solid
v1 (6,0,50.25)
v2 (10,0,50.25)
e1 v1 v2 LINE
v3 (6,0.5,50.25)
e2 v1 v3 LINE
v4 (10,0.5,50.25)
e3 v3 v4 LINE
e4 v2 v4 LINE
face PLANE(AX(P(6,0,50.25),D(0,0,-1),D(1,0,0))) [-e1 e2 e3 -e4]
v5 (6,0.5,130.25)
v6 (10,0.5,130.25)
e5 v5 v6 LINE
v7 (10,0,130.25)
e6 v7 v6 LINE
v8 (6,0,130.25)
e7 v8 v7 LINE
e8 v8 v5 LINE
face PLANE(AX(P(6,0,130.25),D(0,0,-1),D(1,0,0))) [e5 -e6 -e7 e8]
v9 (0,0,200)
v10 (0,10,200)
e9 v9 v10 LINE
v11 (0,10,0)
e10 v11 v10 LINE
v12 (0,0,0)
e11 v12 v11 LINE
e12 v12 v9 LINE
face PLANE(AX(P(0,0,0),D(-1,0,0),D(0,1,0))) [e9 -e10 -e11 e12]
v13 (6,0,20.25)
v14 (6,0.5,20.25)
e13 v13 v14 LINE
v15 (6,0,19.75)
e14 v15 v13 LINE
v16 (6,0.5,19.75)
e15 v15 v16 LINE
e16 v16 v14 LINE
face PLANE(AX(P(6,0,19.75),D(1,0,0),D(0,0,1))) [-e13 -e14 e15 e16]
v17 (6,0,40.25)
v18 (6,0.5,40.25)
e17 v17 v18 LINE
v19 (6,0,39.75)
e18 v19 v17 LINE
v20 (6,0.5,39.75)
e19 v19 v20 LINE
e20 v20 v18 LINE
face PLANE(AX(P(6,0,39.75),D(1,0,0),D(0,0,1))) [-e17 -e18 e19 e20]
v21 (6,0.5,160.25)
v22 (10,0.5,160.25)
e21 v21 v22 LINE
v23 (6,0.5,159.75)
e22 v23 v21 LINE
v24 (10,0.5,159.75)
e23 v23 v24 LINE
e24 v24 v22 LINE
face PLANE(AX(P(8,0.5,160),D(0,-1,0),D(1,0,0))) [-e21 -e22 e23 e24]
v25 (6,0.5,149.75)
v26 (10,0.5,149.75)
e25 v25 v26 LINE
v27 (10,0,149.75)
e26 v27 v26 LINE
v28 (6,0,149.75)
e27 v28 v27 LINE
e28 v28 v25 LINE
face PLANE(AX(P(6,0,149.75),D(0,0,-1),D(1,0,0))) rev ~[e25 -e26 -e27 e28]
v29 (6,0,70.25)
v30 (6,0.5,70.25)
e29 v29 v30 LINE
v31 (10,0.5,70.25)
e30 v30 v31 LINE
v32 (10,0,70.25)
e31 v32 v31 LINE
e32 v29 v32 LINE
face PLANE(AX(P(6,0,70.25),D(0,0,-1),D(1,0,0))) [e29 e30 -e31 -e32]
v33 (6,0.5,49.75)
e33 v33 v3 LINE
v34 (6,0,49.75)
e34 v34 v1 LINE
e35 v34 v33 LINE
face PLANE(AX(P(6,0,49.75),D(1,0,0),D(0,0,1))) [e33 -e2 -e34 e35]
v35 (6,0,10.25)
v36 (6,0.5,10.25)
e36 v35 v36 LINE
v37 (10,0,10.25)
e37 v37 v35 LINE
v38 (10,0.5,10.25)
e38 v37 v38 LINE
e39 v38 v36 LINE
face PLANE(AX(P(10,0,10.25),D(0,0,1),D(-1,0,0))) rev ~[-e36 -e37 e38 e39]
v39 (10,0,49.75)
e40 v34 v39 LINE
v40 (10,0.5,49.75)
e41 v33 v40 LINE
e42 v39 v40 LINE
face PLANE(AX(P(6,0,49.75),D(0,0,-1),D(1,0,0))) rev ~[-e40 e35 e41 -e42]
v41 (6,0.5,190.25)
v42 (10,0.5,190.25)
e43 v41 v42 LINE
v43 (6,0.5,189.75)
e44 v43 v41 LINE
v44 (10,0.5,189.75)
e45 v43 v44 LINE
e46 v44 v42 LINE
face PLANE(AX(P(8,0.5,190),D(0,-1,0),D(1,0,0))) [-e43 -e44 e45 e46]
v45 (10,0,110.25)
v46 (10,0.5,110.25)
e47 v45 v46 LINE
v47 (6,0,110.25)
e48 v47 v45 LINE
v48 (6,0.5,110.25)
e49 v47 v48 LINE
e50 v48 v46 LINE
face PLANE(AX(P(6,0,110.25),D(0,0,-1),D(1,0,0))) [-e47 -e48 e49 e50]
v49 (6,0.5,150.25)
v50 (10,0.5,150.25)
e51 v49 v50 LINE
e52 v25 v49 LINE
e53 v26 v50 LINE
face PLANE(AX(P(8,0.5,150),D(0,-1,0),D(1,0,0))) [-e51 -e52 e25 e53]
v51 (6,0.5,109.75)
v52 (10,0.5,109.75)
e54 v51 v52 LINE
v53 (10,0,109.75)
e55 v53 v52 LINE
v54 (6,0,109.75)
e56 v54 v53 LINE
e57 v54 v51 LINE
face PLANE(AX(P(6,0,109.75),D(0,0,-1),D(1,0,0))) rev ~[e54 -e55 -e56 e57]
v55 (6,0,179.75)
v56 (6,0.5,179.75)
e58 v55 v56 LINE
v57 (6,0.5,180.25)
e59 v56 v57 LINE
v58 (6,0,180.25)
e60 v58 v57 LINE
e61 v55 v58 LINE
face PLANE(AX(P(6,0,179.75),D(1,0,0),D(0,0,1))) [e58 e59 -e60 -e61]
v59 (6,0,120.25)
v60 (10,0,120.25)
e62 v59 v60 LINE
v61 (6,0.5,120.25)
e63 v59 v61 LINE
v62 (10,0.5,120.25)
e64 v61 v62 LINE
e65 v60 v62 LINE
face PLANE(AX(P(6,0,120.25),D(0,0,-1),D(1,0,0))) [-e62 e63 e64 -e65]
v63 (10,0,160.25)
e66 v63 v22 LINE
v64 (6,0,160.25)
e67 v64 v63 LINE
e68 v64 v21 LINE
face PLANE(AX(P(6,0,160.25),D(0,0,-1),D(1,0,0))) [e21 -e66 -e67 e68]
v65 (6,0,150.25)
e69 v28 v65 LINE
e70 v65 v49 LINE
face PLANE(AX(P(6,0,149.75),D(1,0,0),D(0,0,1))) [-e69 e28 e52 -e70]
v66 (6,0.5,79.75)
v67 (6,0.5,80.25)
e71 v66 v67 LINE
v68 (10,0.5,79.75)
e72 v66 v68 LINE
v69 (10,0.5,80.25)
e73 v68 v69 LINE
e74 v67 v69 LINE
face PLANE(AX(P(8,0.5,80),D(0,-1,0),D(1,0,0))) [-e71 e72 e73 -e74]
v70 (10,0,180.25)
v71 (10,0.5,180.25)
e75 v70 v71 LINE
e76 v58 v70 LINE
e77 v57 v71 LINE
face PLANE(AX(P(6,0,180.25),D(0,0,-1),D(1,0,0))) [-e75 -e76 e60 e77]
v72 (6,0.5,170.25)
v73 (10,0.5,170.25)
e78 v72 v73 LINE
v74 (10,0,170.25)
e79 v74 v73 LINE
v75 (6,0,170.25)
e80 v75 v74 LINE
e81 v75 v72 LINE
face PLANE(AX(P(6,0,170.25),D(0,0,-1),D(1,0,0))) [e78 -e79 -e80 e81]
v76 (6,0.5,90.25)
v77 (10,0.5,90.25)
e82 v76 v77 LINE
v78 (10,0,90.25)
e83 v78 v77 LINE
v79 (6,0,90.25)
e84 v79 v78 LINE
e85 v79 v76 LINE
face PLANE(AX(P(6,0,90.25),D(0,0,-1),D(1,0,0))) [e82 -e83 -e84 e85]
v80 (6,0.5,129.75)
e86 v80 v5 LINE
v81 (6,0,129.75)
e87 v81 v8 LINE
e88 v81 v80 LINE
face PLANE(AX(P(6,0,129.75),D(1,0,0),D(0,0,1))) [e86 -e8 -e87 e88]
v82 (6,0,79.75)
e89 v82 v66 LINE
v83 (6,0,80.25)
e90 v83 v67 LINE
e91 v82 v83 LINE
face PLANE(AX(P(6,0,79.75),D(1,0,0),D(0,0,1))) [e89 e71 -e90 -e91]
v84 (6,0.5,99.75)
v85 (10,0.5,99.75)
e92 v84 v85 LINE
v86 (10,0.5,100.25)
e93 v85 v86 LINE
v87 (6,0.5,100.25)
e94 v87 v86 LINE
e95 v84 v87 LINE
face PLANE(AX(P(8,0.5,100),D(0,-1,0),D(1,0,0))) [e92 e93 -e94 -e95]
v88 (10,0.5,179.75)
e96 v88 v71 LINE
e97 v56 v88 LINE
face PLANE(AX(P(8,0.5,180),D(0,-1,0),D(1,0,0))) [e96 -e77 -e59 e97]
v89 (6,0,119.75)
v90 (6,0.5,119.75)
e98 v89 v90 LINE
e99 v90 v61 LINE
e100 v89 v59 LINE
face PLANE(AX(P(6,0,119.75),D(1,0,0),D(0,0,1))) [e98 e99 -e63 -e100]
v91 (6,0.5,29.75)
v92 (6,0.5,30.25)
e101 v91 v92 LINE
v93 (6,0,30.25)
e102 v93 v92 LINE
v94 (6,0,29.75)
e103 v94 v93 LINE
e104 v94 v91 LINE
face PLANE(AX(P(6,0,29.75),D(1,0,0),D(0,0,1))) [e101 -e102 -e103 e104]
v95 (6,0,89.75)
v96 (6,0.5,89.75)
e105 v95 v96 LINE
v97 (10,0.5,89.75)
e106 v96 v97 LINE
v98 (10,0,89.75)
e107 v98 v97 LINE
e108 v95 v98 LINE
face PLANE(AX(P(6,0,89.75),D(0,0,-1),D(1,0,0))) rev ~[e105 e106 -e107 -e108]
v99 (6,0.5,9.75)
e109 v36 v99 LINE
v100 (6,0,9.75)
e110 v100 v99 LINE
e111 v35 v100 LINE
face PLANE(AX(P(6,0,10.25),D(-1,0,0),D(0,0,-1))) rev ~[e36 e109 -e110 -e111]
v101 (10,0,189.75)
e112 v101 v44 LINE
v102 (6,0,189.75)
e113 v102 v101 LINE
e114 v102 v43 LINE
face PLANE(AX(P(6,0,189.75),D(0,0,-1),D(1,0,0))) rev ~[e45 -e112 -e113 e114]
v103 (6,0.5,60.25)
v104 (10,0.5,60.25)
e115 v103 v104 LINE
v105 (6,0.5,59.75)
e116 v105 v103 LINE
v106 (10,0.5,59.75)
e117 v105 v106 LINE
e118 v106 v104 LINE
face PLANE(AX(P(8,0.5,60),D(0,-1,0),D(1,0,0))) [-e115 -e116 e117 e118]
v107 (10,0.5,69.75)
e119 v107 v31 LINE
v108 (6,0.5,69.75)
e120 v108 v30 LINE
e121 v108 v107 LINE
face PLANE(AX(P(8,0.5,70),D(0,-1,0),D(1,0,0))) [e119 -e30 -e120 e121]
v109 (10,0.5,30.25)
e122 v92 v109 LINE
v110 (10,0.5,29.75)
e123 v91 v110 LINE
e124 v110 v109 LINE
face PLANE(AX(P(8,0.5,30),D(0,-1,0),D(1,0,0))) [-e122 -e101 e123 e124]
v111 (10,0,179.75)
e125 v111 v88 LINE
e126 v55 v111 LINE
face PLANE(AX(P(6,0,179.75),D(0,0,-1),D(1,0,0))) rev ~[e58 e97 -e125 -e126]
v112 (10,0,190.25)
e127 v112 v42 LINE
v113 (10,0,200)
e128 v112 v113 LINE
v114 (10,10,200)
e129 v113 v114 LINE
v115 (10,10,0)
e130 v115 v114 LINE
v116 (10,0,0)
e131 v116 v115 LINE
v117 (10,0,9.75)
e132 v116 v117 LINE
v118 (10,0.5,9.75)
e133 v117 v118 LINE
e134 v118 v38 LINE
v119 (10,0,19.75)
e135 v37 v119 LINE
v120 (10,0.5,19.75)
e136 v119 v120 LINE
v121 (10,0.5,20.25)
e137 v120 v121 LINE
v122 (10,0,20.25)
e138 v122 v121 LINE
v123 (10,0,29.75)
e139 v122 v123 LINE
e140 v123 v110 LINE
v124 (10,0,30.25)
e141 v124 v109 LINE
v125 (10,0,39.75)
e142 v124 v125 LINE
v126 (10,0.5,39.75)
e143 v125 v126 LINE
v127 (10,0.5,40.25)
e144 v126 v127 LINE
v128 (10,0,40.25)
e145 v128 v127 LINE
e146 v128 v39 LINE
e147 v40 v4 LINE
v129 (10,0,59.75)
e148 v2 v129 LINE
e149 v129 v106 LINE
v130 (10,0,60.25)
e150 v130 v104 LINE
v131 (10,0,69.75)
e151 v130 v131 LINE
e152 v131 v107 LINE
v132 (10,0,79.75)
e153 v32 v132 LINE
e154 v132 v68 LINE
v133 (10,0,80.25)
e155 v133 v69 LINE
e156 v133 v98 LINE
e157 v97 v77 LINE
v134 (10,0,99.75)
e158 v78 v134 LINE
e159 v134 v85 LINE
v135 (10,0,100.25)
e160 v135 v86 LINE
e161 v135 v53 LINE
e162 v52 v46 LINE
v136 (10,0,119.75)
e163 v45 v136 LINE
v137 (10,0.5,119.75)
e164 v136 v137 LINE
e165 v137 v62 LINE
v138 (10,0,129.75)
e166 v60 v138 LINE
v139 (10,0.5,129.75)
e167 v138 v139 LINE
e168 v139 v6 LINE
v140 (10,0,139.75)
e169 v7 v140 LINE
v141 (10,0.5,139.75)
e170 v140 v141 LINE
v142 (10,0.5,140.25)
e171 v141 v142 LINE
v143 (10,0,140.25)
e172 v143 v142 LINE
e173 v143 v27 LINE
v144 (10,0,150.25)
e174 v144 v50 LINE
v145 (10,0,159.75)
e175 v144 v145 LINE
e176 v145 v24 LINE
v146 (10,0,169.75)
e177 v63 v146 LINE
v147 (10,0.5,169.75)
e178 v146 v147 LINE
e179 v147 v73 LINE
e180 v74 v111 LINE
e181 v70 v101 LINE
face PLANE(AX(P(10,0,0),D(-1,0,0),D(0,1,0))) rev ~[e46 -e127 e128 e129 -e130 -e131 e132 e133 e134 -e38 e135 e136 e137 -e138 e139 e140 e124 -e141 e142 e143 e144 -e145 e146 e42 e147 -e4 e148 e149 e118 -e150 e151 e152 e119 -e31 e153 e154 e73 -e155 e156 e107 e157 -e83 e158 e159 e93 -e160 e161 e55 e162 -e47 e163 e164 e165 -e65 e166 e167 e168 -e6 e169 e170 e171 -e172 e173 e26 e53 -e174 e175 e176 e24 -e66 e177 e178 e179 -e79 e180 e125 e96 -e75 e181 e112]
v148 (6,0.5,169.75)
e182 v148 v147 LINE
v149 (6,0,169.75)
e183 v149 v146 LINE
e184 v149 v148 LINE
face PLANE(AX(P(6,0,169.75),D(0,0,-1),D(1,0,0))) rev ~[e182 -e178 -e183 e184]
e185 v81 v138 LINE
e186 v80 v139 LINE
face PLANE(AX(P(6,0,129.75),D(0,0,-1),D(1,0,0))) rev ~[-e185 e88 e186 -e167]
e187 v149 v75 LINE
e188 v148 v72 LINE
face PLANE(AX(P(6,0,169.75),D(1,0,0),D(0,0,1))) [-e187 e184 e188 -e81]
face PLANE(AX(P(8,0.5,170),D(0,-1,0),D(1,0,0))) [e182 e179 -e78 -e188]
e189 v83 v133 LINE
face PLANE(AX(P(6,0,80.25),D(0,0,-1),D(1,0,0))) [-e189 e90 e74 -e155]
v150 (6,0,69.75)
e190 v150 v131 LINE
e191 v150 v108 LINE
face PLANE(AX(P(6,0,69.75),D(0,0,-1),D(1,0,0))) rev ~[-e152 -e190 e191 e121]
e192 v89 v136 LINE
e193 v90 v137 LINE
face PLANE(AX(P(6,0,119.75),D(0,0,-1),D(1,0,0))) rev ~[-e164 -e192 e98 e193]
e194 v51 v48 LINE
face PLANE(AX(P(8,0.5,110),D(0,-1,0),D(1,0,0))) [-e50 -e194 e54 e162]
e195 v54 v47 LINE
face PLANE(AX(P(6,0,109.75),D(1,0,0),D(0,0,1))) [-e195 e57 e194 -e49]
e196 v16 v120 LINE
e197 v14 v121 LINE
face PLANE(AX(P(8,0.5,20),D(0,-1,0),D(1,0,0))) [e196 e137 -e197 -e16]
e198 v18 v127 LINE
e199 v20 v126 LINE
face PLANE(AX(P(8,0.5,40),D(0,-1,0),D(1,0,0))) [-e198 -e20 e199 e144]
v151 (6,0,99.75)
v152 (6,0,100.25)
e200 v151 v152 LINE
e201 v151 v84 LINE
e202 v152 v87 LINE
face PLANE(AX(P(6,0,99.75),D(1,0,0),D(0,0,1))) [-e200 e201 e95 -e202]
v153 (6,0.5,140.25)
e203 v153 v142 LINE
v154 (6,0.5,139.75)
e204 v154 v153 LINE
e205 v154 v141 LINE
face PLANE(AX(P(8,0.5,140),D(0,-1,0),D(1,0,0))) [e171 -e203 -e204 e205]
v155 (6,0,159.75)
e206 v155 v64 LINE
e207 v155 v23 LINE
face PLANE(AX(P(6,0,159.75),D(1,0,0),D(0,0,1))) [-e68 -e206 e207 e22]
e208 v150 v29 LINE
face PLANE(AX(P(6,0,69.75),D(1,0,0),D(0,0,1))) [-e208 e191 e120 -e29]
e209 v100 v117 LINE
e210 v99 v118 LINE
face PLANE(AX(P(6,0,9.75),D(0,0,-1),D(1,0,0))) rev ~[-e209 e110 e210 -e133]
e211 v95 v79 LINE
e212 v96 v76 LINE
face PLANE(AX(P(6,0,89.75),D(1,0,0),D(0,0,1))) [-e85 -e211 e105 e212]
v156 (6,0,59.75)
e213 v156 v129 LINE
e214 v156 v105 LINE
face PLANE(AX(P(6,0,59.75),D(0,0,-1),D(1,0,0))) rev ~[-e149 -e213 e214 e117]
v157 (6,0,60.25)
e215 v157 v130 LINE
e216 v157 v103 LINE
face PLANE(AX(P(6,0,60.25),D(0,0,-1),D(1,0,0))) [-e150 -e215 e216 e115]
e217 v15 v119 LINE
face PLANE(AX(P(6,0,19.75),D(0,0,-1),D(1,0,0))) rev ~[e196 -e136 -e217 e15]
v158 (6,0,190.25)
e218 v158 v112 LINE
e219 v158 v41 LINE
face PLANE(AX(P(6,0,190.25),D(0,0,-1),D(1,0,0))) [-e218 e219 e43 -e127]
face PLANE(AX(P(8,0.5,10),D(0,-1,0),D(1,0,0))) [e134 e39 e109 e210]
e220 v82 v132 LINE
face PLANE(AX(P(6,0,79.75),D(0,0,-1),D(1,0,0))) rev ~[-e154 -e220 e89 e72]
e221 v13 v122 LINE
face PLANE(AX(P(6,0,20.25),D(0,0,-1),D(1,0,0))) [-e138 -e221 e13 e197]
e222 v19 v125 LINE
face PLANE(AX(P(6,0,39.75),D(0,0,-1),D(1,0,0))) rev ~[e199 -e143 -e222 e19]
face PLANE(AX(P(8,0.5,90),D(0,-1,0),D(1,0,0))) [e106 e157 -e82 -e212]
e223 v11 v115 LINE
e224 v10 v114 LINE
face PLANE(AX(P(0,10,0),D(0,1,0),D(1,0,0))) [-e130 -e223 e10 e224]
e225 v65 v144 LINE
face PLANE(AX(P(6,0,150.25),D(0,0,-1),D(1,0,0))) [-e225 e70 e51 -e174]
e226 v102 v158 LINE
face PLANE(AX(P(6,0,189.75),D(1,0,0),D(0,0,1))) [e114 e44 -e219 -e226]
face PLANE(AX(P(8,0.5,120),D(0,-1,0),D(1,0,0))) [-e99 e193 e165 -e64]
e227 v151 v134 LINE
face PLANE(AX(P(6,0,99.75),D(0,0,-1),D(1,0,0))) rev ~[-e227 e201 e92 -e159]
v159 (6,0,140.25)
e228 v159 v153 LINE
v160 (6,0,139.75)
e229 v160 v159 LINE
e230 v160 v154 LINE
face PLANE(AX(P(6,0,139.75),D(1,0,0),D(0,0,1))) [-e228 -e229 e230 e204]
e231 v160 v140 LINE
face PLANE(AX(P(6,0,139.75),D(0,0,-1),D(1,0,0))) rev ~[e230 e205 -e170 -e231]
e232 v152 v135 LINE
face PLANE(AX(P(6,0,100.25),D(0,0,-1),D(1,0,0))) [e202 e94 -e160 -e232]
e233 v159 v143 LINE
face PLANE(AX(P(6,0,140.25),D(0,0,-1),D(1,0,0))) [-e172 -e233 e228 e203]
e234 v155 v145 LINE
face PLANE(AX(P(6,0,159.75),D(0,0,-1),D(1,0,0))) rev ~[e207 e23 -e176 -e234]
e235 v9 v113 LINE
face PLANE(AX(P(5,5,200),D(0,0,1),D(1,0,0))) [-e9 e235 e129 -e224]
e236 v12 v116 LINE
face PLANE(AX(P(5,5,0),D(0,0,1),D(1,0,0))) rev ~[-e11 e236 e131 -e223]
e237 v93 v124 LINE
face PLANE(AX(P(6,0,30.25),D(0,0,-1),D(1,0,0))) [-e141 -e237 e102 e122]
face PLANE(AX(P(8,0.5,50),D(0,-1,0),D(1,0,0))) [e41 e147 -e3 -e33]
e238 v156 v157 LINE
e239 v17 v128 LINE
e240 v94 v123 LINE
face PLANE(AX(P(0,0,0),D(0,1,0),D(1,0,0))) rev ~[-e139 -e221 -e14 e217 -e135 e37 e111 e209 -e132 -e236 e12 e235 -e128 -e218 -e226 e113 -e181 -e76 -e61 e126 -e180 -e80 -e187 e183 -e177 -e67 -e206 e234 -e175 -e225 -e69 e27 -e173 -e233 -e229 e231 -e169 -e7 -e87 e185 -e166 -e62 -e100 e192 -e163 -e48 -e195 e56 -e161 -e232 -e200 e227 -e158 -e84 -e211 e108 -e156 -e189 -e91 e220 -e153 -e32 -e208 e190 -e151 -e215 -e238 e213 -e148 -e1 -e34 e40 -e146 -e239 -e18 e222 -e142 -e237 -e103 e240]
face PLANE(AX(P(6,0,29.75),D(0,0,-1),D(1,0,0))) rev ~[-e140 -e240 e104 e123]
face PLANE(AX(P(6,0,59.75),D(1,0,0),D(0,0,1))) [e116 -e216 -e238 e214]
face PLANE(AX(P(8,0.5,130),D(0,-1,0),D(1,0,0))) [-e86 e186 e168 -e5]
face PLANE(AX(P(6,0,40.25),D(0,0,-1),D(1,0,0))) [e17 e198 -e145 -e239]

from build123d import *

# Parameters (mm, degrees)
F0_W     = 10
F0_H     = 10
F1_DEPTH = 200
F2_W     = 4
F2_H     = 0.5
F3_DEPTH = 0.5


with BuildPart() as f1:
    # F0 (on Top) → F1 (new body)
    with BuildSketch(Plane.XY):
        with Locations((5, 5)):
            Rectangle(F0_W, F0_H)
    extrude(amount=F1_DEPTH)

    # F2 (on face) → F3 (cut)
    with BuildSketch(Plane.XZ):
        Polygon((6, 9.75), (10, 9.75), (10, 10), (10, 10.25), (6, 10.25), align=None)
        with Locations((8, 20)):
            Rectangle(F2_W, F2_H)
        with Locations((8, 30)):
            Rectangle(F2_W, F2_H)
        with Locations((8, 40)):
            Rectangle(F2_W, F2_H)
        with Locations((8, 50)):
            Rectangle(F2_W, F2_H)
        with Locations((8, 60)):
            Rectangle(F2_W, F2_H)
        with Locations((8, 70)):
            Rectangle(F2_W, F2_H)
        with Locations((8, 80)):
            Rectangle(F2_W, F2_H)
        with Locations((8, 90)):
            Rectangle(F2_W, F2_H)
        with Locations((8, 100)):
            Rectangle(F2_W, F2_H)
        with Locations((8, 110)):
            Rectangle(F2_W, F2_H)
        with Locations((8, 120)):
            Rectangle(F2_W, F2_H)
        with Locations((8, 130)):
            Rectangle(F2_W, F2_H)
        with Locations((8, 140)):
            Rectangle(F2_W, F2_H)
        with Locations((8, 150)):
            Rectangle(F2_W, F2_H)
        with Locations((8, 160)):
            Rectangle(F2_W, F2_H)
        with Locations((8, 170)):
            Rectangle(F2_W, F2_H)
        with Locations((8, 180)):
            Rectangle(F2_W, F2_H)
        with Locations((8, 190)):
            Rectangle(F2_W, F2_H)
    extrude(amount=-F3_DEPTH, mode=Mode.SUBTRACT)


solid = f1.part
